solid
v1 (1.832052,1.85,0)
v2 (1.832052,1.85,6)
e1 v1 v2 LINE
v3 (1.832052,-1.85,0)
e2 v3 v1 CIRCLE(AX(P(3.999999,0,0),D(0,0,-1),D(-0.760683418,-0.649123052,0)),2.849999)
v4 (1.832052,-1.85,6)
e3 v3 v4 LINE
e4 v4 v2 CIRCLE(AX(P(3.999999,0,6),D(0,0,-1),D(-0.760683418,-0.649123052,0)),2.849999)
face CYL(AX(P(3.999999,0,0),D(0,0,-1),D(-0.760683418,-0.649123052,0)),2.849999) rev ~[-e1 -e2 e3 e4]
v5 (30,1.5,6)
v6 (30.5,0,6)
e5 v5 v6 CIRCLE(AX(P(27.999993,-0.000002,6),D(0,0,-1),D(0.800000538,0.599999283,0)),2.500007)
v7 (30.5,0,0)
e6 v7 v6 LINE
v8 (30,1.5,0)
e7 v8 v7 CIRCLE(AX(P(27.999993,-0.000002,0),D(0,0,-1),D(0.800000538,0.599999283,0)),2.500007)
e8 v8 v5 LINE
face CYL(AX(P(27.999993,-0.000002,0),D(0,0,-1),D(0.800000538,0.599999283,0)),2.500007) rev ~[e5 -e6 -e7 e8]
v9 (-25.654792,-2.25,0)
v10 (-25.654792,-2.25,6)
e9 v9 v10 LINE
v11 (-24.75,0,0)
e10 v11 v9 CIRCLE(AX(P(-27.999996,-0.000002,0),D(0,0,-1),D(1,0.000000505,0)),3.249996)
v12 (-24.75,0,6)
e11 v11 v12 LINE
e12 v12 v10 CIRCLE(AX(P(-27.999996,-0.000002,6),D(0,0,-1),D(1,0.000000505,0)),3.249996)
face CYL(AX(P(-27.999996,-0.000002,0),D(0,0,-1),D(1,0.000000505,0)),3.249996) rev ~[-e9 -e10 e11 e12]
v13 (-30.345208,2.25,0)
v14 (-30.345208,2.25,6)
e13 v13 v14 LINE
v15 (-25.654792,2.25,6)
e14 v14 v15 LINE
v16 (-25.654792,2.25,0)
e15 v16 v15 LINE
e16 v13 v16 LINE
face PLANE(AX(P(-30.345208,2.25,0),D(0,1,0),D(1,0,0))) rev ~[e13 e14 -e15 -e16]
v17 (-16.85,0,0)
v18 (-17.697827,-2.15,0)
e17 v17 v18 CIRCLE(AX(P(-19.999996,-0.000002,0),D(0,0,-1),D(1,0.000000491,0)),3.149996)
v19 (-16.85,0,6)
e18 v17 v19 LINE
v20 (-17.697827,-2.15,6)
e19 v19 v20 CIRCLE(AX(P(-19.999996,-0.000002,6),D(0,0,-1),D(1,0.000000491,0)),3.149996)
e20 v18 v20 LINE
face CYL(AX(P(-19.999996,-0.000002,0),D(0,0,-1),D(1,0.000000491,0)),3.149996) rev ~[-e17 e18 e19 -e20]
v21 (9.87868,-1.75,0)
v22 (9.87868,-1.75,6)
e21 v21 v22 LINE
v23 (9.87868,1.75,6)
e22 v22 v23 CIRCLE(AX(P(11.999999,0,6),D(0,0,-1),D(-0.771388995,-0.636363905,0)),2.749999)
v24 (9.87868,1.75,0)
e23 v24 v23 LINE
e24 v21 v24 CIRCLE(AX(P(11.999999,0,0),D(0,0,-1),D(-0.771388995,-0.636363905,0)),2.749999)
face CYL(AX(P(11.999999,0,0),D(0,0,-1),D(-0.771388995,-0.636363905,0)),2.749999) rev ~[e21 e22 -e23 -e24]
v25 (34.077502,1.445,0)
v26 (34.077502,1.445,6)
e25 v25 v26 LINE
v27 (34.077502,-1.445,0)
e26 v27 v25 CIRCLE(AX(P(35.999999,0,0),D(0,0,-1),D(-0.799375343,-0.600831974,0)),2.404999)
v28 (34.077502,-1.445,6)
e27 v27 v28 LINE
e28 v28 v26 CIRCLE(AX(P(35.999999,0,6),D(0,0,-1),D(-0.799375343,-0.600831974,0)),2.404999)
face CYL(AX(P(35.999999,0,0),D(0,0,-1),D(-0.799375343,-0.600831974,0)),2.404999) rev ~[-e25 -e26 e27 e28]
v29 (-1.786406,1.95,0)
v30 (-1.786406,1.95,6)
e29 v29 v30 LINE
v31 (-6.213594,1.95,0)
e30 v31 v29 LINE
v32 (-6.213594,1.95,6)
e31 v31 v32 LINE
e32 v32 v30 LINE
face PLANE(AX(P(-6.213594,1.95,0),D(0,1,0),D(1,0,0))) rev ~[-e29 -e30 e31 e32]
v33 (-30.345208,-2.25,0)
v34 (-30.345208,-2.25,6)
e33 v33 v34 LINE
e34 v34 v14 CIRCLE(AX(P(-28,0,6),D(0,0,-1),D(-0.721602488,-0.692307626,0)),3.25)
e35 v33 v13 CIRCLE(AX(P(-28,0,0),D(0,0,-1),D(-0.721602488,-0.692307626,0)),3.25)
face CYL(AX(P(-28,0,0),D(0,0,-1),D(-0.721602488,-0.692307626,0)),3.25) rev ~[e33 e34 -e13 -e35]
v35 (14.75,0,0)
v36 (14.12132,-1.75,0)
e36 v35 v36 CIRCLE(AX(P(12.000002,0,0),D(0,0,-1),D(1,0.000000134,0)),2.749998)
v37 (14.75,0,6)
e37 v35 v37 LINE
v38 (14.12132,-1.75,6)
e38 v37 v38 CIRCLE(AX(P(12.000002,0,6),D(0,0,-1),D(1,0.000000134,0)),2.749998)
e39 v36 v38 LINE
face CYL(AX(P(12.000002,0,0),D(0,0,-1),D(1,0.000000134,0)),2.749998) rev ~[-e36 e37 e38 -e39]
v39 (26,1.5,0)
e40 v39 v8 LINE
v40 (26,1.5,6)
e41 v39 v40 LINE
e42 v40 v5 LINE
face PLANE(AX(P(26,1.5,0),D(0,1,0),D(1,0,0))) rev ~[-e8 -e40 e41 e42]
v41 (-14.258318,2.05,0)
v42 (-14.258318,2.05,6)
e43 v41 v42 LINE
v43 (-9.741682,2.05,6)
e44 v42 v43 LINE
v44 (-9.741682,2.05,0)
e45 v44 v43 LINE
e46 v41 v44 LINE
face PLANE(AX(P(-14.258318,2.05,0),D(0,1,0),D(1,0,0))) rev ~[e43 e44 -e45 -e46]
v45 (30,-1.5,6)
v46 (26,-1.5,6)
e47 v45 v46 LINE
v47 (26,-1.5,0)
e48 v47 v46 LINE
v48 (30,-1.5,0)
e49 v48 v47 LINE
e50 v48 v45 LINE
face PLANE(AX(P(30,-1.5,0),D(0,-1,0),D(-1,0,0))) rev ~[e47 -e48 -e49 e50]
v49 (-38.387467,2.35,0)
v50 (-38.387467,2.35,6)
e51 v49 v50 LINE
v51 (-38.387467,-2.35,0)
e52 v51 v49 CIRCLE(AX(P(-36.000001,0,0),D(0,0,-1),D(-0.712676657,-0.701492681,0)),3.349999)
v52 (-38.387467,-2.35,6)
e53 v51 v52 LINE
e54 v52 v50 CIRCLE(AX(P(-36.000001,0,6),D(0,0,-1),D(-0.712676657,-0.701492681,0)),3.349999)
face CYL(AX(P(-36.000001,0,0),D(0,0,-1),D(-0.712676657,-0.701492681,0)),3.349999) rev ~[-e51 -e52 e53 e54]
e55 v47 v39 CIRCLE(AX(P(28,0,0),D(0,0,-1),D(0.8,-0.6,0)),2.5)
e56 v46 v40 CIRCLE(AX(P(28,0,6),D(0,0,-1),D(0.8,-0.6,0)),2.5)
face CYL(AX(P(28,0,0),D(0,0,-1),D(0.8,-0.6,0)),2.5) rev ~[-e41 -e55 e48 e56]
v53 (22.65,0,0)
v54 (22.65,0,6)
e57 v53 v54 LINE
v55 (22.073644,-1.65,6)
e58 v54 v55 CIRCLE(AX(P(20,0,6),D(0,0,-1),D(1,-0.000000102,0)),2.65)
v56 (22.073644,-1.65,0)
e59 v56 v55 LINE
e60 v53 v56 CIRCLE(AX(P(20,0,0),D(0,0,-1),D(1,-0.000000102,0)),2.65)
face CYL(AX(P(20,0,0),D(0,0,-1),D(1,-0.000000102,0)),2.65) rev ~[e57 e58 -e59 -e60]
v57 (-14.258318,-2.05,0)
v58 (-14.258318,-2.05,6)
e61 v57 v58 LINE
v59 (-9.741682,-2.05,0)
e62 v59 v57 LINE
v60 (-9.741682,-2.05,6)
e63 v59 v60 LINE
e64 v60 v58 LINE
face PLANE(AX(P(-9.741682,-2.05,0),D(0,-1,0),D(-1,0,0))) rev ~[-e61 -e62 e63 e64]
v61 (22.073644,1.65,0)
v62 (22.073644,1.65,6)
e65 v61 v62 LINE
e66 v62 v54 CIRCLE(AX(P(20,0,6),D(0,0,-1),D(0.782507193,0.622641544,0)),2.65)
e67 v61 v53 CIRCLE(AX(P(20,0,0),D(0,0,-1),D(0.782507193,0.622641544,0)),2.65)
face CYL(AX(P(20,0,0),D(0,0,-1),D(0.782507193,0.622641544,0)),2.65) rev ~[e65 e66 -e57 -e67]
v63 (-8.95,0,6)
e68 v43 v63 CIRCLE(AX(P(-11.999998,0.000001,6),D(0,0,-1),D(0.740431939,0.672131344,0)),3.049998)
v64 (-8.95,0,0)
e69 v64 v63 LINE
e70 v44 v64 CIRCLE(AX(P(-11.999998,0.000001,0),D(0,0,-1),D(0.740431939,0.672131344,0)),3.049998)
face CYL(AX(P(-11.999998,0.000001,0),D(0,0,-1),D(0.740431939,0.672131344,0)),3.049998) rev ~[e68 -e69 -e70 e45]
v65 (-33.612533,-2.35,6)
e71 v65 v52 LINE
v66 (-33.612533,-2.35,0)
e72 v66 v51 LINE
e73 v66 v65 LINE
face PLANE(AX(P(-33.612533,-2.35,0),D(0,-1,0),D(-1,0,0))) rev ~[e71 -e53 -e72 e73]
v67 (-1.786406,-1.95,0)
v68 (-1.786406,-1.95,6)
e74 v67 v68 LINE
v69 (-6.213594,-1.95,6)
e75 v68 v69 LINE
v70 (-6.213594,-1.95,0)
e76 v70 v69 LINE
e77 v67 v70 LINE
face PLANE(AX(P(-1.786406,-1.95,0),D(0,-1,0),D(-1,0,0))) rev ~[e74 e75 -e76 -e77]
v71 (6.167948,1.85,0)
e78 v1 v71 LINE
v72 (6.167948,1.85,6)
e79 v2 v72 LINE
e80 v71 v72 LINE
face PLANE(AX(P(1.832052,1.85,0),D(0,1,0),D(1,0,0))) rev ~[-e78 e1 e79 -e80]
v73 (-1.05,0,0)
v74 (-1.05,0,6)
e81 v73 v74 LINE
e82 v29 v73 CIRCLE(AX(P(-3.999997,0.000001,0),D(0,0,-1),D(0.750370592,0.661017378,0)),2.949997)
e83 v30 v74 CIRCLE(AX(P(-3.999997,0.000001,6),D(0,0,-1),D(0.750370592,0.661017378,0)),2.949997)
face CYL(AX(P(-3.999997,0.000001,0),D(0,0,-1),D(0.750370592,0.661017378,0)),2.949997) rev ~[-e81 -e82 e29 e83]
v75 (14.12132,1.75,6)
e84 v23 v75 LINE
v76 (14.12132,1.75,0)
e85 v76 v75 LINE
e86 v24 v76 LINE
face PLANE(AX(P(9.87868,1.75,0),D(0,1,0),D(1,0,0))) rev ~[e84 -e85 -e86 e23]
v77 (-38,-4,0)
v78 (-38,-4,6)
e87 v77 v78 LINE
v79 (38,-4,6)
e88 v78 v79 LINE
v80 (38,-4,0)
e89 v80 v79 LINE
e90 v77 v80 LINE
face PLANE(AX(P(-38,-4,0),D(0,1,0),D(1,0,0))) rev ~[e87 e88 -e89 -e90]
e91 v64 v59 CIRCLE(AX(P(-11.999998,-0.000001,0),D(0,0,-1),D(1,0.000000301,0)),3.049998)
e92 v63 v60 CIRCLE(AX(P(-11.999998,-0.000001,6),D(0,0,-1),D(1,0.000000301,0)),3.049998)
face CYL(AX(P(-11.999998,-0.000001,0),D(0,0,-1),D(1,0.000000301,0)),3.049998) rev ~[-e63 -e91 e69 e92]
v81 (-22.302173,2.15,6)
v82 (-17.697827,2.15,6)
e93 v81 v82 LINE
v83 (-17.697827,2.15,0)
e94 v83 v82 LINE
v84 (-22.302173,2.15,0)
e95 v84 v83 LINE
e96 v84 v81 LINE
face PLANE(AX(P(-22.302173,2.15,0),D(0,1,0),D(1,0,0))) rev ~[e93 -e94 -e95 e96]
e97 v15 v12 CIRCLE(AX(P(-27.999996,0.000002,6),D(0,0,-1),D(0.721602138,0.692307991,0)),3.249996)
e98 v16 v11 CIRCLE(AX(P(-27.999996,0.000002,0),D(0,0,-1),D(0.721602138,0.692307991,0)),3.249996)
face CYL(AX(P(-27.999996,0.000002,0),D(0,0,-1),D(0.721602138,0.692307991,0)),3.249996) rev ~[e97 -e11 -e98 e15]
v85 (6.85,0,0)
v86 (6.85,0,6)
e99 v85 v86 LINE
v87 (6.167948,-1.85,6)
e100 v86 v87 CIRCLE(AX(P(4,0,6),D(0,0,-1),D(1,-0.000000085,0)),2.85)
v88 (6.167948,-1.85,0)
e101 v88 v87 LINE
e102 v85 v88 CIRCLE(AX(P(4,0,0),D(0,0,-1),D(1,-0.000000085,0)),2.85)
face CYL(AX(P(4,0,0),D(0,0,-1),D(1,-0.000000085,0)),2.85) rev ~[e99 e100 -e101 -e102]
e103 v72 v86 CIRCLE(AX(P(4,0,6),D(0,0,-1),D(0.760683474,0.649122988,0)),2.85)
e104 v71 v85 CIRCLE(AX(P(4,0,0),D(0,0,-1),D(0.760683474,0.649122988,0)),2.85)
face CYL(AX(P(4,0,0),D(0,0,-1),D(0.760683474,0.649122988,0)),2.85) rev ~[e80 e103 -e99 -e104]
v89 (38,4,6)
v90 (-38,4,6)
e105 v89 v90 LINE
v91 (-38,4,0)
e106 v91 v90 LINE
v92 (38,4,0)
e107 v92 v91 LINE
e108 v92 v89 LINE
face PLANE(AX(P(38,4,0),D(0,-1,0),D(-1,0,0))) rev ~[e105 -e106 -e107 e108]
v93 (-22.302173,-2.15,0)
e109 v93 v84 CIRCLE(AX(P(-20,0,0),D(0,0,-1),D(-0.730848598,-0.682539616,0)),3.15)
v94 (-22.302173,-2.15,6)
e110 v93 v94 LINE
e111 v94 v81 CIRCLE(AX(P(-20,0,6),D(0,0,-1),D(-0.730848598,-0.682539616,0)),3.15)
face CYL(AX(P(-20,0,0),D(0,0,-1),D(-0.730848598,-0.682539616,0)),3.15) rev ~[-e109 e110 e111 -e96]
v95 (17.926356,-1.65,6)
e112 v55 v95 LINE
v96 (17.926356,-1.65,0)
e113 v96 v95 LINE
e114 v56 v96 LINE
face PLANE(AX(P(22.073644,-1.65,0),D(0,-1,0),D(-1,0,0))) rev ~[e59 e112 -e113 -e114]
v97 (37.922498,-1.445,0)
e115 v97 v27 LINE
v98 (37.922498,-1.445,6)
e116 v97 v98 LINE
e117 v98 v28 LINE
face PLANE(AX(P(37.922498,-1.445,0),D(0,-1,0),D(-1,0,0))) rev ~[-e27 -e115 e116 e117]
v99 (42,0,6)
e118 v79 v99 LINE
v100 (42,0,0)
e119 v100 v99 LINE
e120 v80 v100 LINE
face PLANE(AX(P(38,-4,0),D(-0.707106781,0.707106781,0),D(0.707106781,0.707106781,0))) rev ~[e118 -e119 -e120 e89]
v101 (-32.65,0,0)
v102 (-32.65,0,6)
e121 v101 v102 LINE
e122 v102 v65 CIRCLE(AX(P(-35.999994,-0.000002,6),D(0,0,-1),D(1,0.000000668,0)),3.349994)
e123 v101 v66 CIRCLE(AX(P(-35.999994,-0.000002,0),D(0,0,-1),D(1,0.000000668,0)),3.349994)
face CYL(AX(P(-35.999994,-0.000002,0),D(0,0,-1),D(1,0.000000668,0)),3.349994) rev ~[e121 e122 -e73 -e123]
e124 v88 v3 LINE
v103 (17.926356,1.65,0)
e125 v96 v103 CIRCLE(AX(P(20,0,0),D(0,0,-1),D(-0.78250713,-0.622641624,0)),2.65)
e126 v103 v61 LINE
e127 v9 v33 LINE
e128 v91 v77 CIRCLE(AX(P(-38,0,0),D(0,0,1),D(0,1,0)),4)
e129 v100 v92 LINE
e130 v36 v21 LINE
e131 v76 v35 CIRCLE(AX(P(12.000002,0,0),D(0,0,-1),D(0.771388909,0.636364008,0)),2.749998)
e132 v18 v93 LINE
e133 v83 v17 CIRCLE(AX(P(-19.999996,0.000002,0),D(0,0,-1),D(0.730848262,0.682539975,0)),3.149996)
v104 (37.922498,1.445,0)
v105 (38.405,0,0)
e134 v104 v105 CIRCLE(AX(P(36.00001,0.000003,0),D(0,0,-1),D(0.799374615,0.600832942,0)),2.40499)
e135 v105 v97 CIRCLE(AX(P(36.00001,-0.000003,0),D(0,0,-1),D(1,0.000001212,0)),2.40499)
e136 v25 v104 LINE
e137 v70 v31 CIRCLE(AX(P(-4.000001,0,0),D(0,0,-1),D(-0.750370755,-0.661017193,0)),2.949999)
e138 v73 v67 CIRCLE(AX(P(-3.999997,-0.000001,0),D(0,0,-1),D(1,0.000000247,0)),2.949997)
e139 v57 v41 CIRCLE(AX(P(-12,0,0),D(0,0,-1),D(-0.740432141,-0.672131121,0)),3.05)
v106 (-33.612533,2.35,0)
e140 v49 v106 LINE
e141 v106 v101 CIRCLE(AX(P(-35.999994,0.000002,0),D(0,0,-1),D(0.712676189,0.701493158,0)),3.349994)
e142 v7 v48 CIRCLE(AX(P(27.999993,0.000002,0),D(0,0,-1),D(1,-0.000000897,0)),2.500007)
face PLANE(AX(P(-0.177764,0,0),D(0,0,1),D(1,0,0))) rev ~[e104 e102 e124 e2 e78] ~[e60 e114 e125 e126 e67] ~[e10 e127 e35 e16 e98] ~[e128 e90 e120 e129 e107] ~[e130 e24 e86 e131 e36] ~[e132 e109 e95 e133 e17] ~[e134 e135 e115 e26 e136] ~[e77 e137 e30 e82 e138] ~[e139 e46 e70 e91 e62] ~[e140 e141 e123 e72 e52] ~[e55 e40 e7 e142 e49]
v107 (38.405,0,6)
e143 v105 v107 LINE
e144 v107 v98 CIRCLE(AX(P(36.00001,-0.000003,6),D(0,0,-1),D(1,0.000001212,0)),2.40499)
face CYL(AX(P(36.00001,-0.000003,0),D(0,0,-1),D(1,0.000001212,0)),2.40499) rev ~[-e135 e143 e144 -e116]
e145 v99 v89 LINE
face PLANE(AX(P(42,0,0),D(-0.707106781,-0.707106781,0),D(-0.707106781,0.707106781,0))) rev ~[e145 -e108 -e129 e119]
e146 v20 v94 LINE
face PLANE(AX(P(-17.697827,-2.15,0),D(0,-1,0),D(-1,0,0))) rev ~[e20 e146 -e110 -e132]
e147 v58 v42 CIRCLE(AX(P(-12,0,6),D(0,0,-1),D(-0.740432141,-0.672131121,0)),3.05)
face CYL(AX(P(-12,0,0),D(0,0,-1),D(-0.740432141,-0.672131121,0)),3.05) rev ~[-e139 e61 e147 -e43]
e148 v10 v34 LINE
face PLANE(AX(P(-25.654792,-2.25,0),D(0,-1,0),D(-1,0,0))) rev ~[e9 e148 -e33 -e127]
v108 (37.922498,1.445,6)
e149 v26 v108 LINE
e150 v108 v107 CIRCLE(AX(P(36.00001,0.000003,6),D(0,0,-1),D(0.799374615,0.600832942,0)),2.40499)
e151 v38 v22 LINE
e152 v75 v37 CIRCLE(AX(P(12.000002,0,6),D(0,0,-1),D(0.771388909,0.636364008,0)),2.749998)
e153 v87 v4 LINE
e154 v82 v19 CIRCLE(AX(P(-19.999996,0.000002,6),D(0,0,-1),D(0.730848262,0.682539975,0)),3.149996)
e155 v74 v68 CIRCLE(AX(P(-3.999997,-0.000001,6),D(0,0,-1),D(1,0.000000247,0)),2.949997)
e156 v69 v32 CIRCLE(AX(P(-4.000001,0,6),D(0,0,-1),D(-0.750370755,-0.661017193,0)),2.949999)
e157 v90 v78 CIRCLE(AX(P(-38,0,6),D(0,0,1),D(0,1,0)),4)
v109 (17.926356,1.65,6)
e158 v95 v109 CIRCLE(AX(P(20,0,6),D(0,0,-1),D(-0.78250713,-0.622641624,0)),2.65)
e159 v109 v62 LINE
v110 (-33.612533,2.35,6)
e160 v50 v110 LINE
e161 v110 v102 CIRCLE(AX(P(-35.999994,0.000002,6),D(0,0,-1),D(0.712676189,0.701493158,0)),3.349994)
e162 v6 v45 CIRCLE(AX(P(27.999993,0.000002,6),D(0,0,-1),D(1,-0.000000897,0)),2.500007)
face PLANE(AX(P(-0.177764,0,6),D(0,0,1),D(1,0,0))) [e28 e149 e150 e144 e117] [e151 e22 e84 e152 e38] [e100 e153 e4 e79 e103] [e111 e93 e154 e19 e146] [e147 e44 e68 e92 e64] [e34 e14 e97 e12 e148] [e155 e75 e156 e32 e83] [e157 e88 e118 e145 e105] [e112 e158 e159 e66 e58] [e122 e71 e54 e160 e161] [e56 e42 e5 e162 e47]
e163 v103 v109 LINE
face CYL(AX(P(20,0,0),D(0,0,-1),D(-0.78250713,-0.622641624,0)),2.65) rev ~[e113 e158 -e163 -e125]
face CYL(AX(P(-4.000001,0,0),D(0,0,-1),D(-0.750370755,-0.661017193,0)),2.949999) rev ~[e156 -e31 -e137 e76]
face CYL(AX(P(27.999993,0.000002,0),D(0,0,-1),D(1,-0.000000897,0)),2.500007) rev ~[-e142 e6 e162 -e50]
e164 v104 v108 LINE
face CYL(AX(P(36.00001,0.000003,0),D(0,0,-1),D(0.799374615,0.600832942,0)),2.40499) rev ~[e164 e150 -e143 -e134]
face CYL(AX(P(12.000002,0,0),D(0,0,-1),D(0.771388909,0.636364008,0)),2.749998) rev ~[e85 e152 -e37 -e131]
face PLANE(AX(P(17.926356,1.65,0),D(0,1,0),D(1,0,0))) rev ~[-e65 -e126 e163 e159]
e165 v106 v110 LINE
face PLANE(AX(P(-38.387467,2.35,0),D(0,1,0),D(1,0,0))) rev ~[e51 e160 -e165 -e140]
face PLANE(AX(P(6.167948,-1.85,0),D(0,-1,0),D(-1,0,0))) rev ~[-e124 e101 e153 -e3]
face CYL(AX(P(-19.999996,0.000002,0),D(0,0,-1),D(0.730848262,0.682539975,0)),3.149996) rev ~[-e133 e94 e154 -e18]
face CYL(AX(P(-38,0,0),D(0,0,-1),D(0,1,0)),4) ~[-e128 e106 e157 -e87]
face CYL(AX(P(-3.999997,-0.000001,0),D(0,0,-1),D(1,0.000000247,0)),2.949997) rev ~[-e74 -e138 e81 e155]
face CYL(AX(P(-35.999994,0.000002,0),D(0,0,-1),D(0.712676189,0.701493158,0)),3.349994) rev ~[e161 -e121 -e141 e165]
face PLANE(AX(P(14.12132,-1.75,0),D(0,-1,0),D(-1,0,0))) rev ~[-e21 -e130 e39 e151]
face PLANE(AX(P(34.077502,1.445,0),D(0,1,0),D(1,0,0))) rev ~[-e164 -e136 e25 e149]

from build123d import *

# Parameters (mm, degrees)
F1_DEPTH = 6


with BuildPart() as f1:
    # F0 (on Top) → F1 (new body)
    with BuildSketch(Plane.XY):
        with BuildLine():
            Line((38, 4), (-38, 4))
            ThreePointArc((-38, 4), (-42, 0), (-38, -4))
            Line((-38, -4), (38, -4))
            Line((38, -4), (42, 0))
            Line((42, 0), (38, 4))
        make_face()
        with BuildLine():
            ThreePointArc((-33.612533, 2.35), (-32.899958, 1.269741), (-32.65, 0))
            ThreePointArc((-32.65, 0), (-32.899958, -1.269741), (-33.612533, -2.35))
            ThreePointArc((-33.612533, -2.35), (-36, -3.35), (-38.387467, -2.35))
            ThreePointArc((-38.387467, -2.35), (-39.35, 0), (-38.387467, 2.35))
            ThreePointArc((-38.387467, 2.35), (-36, 3.35), (-33.612533, 2.35))
        make_face(mode=Mode.SUBTRACT)
        with BuildLine():
            ThreePointArc((-25.654792, 2.25), (-24.98467, 1.212554), (-24.75, 0))
            ThreePointArc((-24.75, 0), (-24.98467, -1.212554), (-25.654792, -2.25))
            ThreePointArc((-25.654792, -2.25), (-28, -3.25), (-30.345208, -2.25))
            ThreePointArc((-30.345208, -2.25), (-31.25, 0), (-30.345208, 2.25))
            ThreePointArc((-30.345208, 2.25), (-28, 3.25), (-25.654792, 2.25))
        make_face(mode=Mode.SUBTRACT)
        with BuildLine():
            ThreePointArc((-17.697827, 2.15), (-17.069612, 1.155564), (-16.85, 0))
            ThreePointArc((-16.85, 0), (-17.069612, -1.155564), (-17.697827, -2.15))
            ThreePointArc((-17.697827, -2.15), (-20, -3.15), (-22.302173, -2.15))
            ThreePointArc((-22.302173, -2.15), (-23.15, 0), (-22.302173, 2.15))
            ThreePointArc((-22.302173, 2.15), (-20, 3.15), (-17.697827, 2.15))
        make_face(mode=Mode.SUBTRACT)
        with BuildLine():
            ThreePointArc((-9.741682, 2.05), (-9.154796, 1.098779), (-8.95, 0))
            ThreePointArc((-8.95, 0), (-9.154796, -1.098779), (-9.741682, -2.05))
            ThreePointArc((-9.741682, -2.05), (-12, -3.05), (-14.258318, -2.05))
            ThreePointArc((-14.258318, -2.05), (-15.05, 0), (-14.258318, 2.05))
            ThreePointArc((-14.258318, 2.05), (-12, 3.05), (-9.741682, 2.05))
        make_face(mode=Mode.SUBTRACT)
        with BuildLine():
            ThreePointArc((-1.786406, 1.95), (-1.240235, 1.042208), (-1.05, 0))
            ThreePointArc((-1.05, 0), (-1.240235, -1.042208), (-1.786406, -1.95))
            ThreePointArc((-1.786406, -1.95), (-4, -2.95), (-6.213594, -1.95))
            ThreePointArc((-6.213594, -1.95), (-6.95, 0), (-6.213594, 1.95))
            ThreePointArc((-6.213594, 1.95), (-4, 2.95), (-1.786406, 1.95))
        make_face(mode=Mode.SUBTRACT)
        with BuildLine():
            ThreePointArc((6.167948, 1.85), (6.674056, 0.985862), (6.85, 0))
            ThreePointArc((6.85, 0), (6.674056, -0.985862), (6.167948, -1.85))
            ThreePointArc((6.167948, -1.85), (4, -2.85), (1.832052, -1.85))
            ThreePointArc((1.832052, -1.85), (1.15, 0), (1.832052, 1.85))
            ThreePointArc((1.832052, 1.85), (4, 2.85), (6.167948, 1.85))
        make_face(mode=Mode.SUBTRACT)
        with BuildLine():
            ThreePointArc((14.12132, 1.75), (14.588062, 0.92975), (14.75, 0))
            ThreePointArc((14.75, 0), (14.588062, -0.92975), (14.12132, -1.75))
            ThreePointArc((14.12132, -1.75), (12, -2.75), (9.87868, -1.75))
            ThreePointArc((9.87868, -1.75), (9.25, 0), (9.87868, 1.75))
            ThreePointArc((9.87868, 1.75), (12, 2.75), (14.12132, 1.75))
        make_face(mode=Mode.SUBTRACT)
        with BuildLine():
            ThreePointArc((22.073644, 1.65), (22.501765, 0.873883), (22.65, 0))
            ThreePointArc((22.65, 0), (22.501765, -0.873883), (22.073644, -1.65))
            ThreePointArc((22.073644, -1.65), (20, -2.65), (17.926356, -1.65))
            ThreePointArc((17.926356, -1.65), (17.35, 0), (17.926356, 1.65))
            ThreePointArc((17.926356, 1.65), (20, 2.65), (22.073644, 1.65))
        make_face(mode=Mode.SUBTRACT)
        with BuildLine():
            ThreePointArc((30, 1.5), (30.371708, 0.790569), (30.5, 0))
            ThreePointArc((30.5, 0), (30.371708, -0.790569), (30, -1.5))
            ThreePointArc((30, -1.5), (28, -2.5), (26, -1.5))
            ThreePointArc((26, -1.5), (25.5, 0), (26, 1.5))
            ThreePointArc((26, 1.5), (28, 2.5), (30, 1.5))
        make_face(mode=Mode.SUBTRACT)
        with BuildLine():
            ThreePointArc((37.922498, 1.445), (38.281188, 0.761714), (38.405, 0))
            ThreePointArc((38.405, 0), (38.281188, -0.761714), (37.922498, -1.445))
            ThreePointArc((37.922498, -1.445), (36, -2.405), (34.077502, -1.445))
            ThreePointArc((34.077502, -1.445), (33.595, 0), (34.077502, 1.445))
            ThreePointArc((34.077502, 1.445), (36, 2.405), (37.922498, 1.445))
        make_face(mode=Mode.SUBTRACT)
        with BuildLine():
            Line((-38.387467, 2.35), (-33.612533, 2.35))
            ThreePointArc((-33.612533, 2.35), (-36, 3.35), (-38.387467, 2.35))
        make_face()
        with BuildLine():
            ThreePointArc((-38.387467, -2.35), (-36, -3.35), (-33.612533, -2.35))
            Line((-33.612533, -2.35), (-38.387467, -2.35))
        make_face()
        with BuildLine():
            Line((-30.345208, 2.25), (-25.654792, 2.25))
            ThreePointArc((-25.654792, 2.25), (-28, 3.25), (-30.345208, 2.25))
        make_face()
        with BuildLine():
            ThreePointArc((-30.345208, -2.25), (-28, -3.25), (-25.654792, -2.25))
            Line((-25.654792, -2.25), (-30.345208, -2.25))
        make_face()
        with BuildLine():
            Line((-22.302173, 2.15), (-17.697827, 2.15))
            ThreePointArc((-17.697827, 2.15), (-20, 3.15), (-22.302173, 2.15))
        make_face()
        with BuildLine():
            ThreePointArc((-22.302173, -2.15), (-20, -3.15), (-17.697827, -2.15))
            Line((-17.697827, -2.15), (-22.302173, -2.15))
        make_face()
        with BuildLine():
            Line((-14.258318, 2.05), (-9.741682, 2.05))
            ThreePointArc((-9.741682, 2.05), (-12, 3.05), (-14.258318, 2.05))
        make_face()
        with BuildLine():
            ThreePointArc((-14.258318, -2.05), (-12, -3.05), (-9.741682, -2.05))
            Line((-9.741682, -2.05), (-14.258318, -2.05))
        make_face()
        with BuildLine():
            Line((-6.213594, 1.95), (-1.786406, 1.95))
            ThreePointArc((-1.786406, 1.95), (-4, 2.95), (-6.213594, 1.95))
        make_face()
        with BuildLine():
            ThreePointArc((-6.213594, -1.95), (-4, -2.95), (-1.786406, -1.95))
            Line((-1.786406, -1.95), (-6.213594, -1.95))
        make_face()
        with BuildLine():
            Line((1.832052, 1.85), (6.167948, 1.85))
            ThreePointArc((6.167948, 1.85), (4, 2.85), (1.832052, 1.85))
        make_face()
        with BuildLine():
            ThreePointArc((1.832052, -1.85), (4, -2.85), (6.167948, -1.85))
            Line((6.167948, -1.85), (1.832052, -1.85))
        make_face()
        with BuildLine():
            Line((9.87868, 1.75), (14.12132, 1.75))
            ThreePointArc((14.12132, 1.75), (12, 2.75), (9.87868, 1.75))
        make_face()
        with BuildLine():
            ThreePointArc((9.87868, -1.75), (12, -2.75), (14.12132, -1.75))
            Line((14.12132, -1.75), (9.87868, -1.75))
        make_face()
        with BuildLine():
            Line((17.926356, 1.65), (22.073644, 1.65))
            ThreePointArc((22.073644, 1.65), (20, 2.65), (17.926356, 1.65))
        make_face()
        with BuildLine():
            ThreePointArc((17.926356, -1.65), (20, -2.65), (22.073644, -1.65))
            Line((22.073644, -1.65), (17.926356, -1.65))
        make_face()
        with BuildLine():
            Line((26, 1.5), (30, 1.5))
            ThreePointArc((30, 1.5), (28, 2.5), (26, 1.5))
        make_face()
        with BuildLine():
            ThreePointArc((26, -1.5), (28, -2.5), (30, -1.5))
            Line((30, -1.5), (26, -1.5))
        make_face()
        with BuildLine():
            Line((34.077502, 1.445), (37.922498, 1.445))
            ThreePointArc((37.922498, 1.445), (36, 2.405), (34.077502, 1.445))
        make_face()
        with BuildLine():
            ThreePointArc((34.077502, -1.445), (36, -2.405), (37.922498, -1.445))
            Line((37.922498, -1.445), (34.077502, -1.445))
        make_face()
    extrude(amount=F1_DEPTH)


solid = f1.part
